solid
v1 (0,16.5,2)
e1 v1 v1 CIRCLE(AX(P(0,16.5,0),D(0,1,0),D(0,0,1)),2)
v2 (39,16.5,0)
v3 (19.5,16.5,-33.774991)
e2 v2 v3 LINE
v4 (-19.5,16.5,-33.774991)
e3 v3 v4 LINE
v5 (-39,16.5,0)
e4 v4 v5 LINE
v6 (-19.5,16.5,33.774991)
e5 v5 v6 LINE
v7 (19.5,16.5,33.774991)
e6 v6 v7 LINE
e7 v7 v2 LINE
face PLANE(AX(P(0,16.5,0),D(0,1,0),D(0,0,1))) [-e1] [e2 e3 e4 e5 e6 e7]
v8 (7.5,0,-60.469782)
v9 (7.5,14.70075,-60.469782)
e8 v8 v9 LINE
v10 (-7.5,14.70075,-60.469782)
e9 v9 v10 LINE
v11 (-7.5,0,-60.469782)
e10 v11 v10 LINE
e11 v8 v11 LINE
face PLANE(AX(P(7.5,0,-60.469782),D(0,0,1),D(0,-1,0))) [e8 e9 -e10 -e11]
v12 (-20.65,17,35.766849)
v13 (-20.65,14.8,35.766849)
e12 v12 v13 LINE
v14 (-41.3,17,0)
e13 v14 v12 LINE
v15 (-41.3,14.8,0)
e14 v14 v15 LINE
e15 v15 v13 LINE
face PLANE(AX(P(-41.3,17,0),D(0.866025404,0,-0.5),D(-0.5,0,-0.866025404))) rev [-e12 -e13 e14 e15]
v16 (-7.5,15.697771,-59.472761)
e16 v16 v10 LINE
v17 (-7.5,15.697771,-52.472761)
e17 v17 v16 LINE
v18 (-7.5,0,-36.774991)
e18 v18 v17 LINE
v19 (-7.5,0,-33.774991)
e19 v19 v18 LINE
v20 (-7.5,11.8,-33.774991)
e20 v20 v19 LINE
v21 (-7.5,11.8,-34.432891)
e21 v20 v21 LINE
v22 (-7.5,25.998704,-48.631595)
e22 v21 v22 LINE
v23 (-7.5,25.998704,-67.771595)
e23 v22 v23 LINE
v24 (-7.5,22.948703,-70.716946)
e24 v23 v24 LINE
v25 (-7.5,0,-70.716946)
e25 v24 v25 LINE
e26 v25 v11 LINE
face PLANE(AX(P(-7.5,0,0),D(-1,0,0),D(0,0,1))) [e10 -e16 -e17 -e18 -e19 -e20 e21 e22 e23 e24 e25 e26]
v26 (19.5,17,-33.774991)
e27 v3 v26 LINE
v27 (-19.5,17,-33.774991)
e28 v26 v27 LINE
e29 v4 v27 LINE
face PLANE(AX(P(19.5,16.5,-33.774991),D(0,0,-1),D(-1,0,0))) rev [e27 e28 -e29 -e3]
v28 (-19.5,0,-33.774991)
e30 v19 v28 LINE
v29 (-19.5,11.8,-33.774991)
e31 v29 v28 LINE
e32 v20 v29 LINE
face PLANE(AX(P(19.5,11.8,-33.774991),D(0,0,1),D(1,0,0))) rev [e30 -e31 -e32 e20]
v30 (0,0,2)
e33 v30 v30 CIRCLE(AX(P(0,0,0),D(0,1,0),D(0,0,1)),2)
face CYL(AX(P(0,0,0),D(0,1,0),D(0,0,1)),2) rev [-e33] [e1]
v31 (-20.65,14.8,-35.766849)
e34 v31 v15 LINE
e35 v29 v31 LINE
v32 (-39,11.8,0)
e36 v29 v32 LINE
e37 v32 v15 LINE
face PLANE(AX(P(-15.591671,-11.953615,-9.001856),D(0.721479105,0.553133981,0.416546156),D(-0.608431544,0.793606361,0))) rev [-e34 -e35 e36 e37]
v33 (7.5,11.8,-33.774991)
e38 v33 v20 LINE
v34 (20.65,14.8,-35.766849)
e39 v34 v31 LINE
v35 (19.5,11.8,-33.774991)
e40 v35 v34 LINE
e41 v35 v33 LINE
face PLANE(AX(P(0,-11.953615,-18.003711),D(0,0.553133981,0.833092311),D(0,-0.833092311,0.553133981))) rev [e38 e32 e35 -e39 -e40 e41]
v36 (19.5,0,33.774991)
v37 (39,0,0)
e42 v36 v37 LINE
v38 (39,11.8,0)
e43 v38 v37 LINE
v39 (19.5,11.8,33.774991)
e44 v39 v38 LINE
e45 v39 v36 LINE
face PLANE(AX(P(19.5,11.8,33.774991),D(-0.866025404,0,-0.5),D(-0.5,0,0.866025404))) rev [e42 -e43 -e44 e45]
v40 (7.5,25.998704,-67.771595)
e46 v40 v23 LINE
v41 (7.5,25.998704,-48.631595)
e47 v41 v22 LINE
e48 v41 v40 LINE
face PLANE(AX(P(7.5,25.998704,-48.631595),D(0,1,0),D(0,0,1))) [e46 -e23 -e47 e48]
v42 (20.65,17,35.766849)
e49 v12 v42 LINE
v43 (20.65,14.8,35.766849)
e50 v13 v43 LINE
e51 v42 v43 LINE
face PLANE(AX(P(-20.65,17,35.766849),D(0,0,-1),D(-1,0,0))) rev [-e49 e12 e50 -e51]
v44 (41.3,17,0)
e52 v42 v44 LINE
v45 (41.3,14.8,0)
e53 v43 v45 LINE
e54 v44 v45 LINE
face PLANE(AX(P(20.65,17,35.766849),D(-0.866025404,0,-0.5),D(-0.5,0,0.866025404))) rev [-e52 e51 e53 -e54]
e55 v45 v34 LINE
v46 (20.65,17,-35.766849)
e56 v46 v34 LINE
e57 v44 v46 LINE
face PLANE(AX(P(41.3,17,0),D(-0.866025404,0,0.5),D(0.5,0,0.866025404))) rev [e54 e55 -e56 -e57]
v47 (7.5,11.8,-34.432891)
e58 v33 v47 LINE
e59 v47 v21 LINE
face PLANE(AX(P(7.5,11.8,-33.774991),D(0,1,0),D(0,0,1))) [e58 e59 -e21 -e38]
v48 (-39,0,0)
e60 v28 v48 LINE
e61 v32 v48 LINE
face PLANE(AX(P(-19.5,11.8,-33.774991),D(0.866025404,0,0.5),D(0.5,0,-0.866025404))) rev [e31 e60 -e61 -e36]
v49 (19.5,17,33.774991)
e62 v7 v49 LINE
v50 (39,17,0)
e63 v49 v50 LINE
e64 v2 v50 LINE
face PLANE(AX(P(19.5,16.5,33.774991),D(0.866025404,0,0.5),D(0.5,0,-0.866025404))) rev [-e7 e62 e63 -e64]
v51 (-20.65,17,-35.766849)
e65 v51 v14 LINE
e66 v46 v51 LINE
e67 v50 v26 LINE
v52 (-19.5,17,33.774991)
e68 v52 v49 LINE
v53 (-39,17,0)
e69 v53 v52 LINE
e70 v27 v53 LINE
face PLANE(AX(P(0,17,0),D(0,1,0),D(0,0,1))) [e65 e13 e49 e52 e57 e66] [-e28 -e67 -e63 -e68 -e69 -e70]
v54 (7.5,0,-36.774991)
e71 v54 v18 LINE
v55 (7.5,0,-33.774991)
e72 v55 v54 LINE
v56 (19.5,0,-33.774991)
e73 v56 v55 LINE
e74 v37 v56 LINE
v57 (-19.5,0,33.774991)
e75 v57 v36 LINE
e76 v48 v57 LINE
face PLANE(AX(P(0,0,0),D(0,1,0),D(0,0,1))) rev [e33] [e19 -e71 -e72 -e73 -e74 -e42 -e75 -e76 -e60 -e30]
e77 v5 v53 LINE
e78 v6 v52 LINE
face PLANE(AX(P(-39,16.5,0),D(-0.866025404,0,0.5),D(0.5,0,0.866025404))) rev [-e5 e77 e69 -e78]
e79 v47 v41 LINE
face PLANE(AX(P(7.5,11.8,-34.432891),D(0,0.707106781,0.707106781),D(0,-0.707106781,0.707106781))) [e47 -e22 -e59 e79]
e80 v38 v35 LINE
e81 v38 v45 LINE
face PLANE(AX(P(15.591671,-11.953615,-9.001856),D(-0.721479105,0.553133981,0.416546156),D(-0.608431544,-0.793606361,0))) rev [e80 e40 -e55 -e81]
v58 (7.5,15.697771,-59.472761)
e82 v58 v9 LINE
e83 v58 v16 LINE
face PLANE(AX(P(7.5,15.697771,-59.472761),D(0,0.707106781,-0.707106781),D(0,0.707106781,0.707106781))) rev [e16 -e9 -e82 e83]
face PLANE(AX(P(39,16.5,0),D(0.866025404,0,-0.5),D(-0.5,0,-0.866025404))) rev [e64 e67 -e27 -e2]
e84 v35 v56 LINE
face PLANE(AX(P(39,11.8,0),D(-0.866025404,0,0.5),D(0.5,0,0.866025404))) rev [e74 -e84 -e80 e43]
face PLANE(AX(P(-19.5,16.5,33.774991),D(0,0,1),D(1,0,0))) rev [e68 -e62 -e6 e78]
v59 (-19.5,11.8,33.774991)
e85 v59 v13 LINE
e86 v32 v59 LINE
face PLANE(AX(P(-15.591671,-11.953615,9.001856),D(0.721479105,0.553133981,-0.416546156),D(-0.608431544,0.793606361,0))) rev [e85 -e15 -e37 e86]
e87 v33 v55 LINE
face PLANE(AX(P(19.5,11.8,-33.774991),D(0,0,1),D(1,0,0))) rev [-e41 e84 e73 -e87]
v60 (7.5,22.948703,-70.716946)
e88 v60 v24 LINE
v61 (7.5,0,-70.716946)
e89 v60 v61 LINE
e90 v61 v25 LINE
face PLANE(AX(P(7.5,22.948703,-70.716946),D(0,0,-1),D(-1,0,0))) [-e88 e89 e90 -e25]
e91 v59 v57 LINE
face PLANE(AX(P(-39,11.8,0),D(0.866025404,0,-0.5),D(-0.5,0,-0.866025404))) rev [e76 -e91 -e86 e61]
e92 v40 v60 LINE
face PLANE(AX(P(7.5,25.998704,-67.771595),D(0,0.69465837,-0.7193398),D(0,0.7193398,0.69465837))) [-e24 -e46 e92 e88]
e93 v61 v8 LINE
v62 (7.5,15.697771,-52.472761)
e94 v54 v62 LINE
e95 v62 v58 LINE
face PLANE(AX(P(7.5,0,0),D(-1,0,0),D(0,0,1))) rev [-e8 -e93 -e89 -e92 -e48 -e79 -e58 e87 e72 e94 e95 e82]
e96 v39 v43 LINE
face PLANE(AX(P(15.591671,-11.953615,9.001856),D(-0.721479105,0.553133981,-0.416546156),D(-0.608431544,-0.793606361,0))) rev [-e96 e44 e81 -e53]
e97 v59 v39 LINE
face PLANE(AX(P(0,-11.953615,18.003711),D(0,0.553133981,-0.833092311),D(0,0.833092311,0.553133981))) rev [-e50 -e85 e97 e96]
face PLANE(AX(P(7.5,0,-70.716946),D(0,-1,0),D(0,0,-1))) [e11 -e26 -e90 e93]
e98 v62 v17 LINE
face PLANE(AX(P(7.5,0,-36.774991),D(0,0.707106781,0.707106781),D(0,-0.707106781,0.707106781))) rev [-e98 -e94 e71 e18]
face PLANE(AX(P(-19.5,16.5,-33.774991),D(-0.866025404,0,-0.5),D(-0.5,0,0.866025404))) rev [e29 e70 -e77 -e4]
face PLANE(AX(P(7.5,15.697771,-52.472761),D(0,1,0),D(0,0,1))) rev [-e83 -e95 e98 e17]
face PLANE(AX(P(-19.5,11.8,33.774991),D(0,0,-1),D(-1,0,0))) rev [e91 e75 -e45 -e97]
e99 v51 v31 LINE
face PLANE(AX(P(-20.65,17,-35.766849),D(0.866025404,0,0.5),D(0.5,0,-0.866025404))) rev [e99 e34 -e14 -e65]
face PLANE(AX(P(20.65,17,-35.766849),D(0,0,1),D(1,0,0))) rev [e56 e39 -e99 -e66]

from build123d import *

# Parameters (mm, degrees)
SALIENTE_EXTRUIR1_DEPTH = 11.8
SALIENTE_EXTRUIR2_DEPTH = 2.2
CORTAR_EXTRUIR1_DEPTH   = 0.5
CROQUIS7_R              = 2
CORTAR_EXTRUIR2_DEPTH   = 58.071950338
SALIENTE_EXTRUIR3_DEPTH = 7.5


with BuildPart() as part:
    # Croquis1 → Saliente-Extruir1 (new body)
    with BuildSketch(Plane(origin=(0, 0, 0), x_dir=(1, 0, 0), z_dir=(0, 1, 0))):
        Polygon((19.5, -33.774990748), (39, 0), (19.5, 33.774990748), (-19.5, 33.774990748), (-39, 0), (-19.5, -33.774990748), align=None)
    extrude(amount=SALIENTE_EXTRUIR1_DEPTH)

    # Croquis4 → section 1 of recubrir2
    with BuildSketch(Plane(origin=(0, 14.8, 0), x_dir=(1, 0, 0), z_dir=(0, 1, 0)), mode=Mode.PRIVATE) as recubrir2_s1:
        with BuildLine():
            Line((20.65, -35.766849176), (41.3, 0))
            Line((41.3, 0), (20.65, 35.766849176))
            Line((20.65, 35.766849176), (-20.65, 35.766849176))
            Line((-20.65, 35.766849176), (-41.3, 0))
            Line((-41.3, 0), (-20.65, -35.766849176))
            Line((-20.65, -35.766849176), (20.65, -35.766849176))
        make_face()
    # loft from a face of the part (recubrir2)
    loft([part.faces().sort_by_distance((0, 11.8, 0))[0], recubrir2_s1.sketch])

    # Croquis5 → Saliente-Extruir2 (add)
    with BuildSketch(Plane(origin=(0, 14.8, 0), x_dir=(1, 0, 0), z_dir=(0, 1, 0))):
        Polygon((20.65, -35.766849176), (41.3, 0), (20.65, 35.766849176), (-20.65, 35.766849176), (-41.3, 0), (-20.65, -35.766849176), align=None)
    extrude(amount=SALIENTE_EXTRUIR2_DEPTH)

    # Croquis6 → Cortar-Extruir1 (cut)
    with BuildSketch(Plane(origin=(0, 17, 0), x_dir=(1, 0, 0), z_dir=(0, 1, 0))):
        Polygon((19.5, -33.774990748), (39, 0), (19.5, 33.774990748), (-19.5, 33.774990748), (-39, 0), (-19.5, -33.774990748), align=None)
    extrude(amount=-CORTAR_EXTRUIR1_DEPTH, mode=Mode.SUBTRACT)

    # Croquis7 → Cortar-Extruir2 (cut, through all)
    with BuildSketch(Plane(origin=(0, 16.5, 0), x_dir=(1, 0, 0), z_dir=(0, 1, 0))):
        with Locations(Location((0, 0, 0), (0, 0, 270))):
            Circle(CROQUIS7_R)
    extrude(amount=-CORTAR_EXTRUIR2_DEPTH, mode=Mode.SUBTRACT)

    # Croquis8 → Saliente-Extruir3 (add, symmetric)
    with BuildSketch(Plane(origin=(0, 0, 0), x_dir=(0, 0, -1), z_dir=(1, 0, 0))):
        Polygon((36.774990748, 0), (52.47276129, 15.697770542), (59.47276129, 15.697770542), (60.469781851, 14.700749981), (60.469781851, 0), (70.716946405, 0), (70.716946405, 22.948703413), (67.771594914, 25.998704166), (48.631594914, 25.998704166), (34.432890748, 11.8), (33.774990748, 11.8), (33.774990748, 0), align=None)
    extrude(amount=SALIENTE_EXTRUIR3_DEPTH, both=True)


solid = part.part
